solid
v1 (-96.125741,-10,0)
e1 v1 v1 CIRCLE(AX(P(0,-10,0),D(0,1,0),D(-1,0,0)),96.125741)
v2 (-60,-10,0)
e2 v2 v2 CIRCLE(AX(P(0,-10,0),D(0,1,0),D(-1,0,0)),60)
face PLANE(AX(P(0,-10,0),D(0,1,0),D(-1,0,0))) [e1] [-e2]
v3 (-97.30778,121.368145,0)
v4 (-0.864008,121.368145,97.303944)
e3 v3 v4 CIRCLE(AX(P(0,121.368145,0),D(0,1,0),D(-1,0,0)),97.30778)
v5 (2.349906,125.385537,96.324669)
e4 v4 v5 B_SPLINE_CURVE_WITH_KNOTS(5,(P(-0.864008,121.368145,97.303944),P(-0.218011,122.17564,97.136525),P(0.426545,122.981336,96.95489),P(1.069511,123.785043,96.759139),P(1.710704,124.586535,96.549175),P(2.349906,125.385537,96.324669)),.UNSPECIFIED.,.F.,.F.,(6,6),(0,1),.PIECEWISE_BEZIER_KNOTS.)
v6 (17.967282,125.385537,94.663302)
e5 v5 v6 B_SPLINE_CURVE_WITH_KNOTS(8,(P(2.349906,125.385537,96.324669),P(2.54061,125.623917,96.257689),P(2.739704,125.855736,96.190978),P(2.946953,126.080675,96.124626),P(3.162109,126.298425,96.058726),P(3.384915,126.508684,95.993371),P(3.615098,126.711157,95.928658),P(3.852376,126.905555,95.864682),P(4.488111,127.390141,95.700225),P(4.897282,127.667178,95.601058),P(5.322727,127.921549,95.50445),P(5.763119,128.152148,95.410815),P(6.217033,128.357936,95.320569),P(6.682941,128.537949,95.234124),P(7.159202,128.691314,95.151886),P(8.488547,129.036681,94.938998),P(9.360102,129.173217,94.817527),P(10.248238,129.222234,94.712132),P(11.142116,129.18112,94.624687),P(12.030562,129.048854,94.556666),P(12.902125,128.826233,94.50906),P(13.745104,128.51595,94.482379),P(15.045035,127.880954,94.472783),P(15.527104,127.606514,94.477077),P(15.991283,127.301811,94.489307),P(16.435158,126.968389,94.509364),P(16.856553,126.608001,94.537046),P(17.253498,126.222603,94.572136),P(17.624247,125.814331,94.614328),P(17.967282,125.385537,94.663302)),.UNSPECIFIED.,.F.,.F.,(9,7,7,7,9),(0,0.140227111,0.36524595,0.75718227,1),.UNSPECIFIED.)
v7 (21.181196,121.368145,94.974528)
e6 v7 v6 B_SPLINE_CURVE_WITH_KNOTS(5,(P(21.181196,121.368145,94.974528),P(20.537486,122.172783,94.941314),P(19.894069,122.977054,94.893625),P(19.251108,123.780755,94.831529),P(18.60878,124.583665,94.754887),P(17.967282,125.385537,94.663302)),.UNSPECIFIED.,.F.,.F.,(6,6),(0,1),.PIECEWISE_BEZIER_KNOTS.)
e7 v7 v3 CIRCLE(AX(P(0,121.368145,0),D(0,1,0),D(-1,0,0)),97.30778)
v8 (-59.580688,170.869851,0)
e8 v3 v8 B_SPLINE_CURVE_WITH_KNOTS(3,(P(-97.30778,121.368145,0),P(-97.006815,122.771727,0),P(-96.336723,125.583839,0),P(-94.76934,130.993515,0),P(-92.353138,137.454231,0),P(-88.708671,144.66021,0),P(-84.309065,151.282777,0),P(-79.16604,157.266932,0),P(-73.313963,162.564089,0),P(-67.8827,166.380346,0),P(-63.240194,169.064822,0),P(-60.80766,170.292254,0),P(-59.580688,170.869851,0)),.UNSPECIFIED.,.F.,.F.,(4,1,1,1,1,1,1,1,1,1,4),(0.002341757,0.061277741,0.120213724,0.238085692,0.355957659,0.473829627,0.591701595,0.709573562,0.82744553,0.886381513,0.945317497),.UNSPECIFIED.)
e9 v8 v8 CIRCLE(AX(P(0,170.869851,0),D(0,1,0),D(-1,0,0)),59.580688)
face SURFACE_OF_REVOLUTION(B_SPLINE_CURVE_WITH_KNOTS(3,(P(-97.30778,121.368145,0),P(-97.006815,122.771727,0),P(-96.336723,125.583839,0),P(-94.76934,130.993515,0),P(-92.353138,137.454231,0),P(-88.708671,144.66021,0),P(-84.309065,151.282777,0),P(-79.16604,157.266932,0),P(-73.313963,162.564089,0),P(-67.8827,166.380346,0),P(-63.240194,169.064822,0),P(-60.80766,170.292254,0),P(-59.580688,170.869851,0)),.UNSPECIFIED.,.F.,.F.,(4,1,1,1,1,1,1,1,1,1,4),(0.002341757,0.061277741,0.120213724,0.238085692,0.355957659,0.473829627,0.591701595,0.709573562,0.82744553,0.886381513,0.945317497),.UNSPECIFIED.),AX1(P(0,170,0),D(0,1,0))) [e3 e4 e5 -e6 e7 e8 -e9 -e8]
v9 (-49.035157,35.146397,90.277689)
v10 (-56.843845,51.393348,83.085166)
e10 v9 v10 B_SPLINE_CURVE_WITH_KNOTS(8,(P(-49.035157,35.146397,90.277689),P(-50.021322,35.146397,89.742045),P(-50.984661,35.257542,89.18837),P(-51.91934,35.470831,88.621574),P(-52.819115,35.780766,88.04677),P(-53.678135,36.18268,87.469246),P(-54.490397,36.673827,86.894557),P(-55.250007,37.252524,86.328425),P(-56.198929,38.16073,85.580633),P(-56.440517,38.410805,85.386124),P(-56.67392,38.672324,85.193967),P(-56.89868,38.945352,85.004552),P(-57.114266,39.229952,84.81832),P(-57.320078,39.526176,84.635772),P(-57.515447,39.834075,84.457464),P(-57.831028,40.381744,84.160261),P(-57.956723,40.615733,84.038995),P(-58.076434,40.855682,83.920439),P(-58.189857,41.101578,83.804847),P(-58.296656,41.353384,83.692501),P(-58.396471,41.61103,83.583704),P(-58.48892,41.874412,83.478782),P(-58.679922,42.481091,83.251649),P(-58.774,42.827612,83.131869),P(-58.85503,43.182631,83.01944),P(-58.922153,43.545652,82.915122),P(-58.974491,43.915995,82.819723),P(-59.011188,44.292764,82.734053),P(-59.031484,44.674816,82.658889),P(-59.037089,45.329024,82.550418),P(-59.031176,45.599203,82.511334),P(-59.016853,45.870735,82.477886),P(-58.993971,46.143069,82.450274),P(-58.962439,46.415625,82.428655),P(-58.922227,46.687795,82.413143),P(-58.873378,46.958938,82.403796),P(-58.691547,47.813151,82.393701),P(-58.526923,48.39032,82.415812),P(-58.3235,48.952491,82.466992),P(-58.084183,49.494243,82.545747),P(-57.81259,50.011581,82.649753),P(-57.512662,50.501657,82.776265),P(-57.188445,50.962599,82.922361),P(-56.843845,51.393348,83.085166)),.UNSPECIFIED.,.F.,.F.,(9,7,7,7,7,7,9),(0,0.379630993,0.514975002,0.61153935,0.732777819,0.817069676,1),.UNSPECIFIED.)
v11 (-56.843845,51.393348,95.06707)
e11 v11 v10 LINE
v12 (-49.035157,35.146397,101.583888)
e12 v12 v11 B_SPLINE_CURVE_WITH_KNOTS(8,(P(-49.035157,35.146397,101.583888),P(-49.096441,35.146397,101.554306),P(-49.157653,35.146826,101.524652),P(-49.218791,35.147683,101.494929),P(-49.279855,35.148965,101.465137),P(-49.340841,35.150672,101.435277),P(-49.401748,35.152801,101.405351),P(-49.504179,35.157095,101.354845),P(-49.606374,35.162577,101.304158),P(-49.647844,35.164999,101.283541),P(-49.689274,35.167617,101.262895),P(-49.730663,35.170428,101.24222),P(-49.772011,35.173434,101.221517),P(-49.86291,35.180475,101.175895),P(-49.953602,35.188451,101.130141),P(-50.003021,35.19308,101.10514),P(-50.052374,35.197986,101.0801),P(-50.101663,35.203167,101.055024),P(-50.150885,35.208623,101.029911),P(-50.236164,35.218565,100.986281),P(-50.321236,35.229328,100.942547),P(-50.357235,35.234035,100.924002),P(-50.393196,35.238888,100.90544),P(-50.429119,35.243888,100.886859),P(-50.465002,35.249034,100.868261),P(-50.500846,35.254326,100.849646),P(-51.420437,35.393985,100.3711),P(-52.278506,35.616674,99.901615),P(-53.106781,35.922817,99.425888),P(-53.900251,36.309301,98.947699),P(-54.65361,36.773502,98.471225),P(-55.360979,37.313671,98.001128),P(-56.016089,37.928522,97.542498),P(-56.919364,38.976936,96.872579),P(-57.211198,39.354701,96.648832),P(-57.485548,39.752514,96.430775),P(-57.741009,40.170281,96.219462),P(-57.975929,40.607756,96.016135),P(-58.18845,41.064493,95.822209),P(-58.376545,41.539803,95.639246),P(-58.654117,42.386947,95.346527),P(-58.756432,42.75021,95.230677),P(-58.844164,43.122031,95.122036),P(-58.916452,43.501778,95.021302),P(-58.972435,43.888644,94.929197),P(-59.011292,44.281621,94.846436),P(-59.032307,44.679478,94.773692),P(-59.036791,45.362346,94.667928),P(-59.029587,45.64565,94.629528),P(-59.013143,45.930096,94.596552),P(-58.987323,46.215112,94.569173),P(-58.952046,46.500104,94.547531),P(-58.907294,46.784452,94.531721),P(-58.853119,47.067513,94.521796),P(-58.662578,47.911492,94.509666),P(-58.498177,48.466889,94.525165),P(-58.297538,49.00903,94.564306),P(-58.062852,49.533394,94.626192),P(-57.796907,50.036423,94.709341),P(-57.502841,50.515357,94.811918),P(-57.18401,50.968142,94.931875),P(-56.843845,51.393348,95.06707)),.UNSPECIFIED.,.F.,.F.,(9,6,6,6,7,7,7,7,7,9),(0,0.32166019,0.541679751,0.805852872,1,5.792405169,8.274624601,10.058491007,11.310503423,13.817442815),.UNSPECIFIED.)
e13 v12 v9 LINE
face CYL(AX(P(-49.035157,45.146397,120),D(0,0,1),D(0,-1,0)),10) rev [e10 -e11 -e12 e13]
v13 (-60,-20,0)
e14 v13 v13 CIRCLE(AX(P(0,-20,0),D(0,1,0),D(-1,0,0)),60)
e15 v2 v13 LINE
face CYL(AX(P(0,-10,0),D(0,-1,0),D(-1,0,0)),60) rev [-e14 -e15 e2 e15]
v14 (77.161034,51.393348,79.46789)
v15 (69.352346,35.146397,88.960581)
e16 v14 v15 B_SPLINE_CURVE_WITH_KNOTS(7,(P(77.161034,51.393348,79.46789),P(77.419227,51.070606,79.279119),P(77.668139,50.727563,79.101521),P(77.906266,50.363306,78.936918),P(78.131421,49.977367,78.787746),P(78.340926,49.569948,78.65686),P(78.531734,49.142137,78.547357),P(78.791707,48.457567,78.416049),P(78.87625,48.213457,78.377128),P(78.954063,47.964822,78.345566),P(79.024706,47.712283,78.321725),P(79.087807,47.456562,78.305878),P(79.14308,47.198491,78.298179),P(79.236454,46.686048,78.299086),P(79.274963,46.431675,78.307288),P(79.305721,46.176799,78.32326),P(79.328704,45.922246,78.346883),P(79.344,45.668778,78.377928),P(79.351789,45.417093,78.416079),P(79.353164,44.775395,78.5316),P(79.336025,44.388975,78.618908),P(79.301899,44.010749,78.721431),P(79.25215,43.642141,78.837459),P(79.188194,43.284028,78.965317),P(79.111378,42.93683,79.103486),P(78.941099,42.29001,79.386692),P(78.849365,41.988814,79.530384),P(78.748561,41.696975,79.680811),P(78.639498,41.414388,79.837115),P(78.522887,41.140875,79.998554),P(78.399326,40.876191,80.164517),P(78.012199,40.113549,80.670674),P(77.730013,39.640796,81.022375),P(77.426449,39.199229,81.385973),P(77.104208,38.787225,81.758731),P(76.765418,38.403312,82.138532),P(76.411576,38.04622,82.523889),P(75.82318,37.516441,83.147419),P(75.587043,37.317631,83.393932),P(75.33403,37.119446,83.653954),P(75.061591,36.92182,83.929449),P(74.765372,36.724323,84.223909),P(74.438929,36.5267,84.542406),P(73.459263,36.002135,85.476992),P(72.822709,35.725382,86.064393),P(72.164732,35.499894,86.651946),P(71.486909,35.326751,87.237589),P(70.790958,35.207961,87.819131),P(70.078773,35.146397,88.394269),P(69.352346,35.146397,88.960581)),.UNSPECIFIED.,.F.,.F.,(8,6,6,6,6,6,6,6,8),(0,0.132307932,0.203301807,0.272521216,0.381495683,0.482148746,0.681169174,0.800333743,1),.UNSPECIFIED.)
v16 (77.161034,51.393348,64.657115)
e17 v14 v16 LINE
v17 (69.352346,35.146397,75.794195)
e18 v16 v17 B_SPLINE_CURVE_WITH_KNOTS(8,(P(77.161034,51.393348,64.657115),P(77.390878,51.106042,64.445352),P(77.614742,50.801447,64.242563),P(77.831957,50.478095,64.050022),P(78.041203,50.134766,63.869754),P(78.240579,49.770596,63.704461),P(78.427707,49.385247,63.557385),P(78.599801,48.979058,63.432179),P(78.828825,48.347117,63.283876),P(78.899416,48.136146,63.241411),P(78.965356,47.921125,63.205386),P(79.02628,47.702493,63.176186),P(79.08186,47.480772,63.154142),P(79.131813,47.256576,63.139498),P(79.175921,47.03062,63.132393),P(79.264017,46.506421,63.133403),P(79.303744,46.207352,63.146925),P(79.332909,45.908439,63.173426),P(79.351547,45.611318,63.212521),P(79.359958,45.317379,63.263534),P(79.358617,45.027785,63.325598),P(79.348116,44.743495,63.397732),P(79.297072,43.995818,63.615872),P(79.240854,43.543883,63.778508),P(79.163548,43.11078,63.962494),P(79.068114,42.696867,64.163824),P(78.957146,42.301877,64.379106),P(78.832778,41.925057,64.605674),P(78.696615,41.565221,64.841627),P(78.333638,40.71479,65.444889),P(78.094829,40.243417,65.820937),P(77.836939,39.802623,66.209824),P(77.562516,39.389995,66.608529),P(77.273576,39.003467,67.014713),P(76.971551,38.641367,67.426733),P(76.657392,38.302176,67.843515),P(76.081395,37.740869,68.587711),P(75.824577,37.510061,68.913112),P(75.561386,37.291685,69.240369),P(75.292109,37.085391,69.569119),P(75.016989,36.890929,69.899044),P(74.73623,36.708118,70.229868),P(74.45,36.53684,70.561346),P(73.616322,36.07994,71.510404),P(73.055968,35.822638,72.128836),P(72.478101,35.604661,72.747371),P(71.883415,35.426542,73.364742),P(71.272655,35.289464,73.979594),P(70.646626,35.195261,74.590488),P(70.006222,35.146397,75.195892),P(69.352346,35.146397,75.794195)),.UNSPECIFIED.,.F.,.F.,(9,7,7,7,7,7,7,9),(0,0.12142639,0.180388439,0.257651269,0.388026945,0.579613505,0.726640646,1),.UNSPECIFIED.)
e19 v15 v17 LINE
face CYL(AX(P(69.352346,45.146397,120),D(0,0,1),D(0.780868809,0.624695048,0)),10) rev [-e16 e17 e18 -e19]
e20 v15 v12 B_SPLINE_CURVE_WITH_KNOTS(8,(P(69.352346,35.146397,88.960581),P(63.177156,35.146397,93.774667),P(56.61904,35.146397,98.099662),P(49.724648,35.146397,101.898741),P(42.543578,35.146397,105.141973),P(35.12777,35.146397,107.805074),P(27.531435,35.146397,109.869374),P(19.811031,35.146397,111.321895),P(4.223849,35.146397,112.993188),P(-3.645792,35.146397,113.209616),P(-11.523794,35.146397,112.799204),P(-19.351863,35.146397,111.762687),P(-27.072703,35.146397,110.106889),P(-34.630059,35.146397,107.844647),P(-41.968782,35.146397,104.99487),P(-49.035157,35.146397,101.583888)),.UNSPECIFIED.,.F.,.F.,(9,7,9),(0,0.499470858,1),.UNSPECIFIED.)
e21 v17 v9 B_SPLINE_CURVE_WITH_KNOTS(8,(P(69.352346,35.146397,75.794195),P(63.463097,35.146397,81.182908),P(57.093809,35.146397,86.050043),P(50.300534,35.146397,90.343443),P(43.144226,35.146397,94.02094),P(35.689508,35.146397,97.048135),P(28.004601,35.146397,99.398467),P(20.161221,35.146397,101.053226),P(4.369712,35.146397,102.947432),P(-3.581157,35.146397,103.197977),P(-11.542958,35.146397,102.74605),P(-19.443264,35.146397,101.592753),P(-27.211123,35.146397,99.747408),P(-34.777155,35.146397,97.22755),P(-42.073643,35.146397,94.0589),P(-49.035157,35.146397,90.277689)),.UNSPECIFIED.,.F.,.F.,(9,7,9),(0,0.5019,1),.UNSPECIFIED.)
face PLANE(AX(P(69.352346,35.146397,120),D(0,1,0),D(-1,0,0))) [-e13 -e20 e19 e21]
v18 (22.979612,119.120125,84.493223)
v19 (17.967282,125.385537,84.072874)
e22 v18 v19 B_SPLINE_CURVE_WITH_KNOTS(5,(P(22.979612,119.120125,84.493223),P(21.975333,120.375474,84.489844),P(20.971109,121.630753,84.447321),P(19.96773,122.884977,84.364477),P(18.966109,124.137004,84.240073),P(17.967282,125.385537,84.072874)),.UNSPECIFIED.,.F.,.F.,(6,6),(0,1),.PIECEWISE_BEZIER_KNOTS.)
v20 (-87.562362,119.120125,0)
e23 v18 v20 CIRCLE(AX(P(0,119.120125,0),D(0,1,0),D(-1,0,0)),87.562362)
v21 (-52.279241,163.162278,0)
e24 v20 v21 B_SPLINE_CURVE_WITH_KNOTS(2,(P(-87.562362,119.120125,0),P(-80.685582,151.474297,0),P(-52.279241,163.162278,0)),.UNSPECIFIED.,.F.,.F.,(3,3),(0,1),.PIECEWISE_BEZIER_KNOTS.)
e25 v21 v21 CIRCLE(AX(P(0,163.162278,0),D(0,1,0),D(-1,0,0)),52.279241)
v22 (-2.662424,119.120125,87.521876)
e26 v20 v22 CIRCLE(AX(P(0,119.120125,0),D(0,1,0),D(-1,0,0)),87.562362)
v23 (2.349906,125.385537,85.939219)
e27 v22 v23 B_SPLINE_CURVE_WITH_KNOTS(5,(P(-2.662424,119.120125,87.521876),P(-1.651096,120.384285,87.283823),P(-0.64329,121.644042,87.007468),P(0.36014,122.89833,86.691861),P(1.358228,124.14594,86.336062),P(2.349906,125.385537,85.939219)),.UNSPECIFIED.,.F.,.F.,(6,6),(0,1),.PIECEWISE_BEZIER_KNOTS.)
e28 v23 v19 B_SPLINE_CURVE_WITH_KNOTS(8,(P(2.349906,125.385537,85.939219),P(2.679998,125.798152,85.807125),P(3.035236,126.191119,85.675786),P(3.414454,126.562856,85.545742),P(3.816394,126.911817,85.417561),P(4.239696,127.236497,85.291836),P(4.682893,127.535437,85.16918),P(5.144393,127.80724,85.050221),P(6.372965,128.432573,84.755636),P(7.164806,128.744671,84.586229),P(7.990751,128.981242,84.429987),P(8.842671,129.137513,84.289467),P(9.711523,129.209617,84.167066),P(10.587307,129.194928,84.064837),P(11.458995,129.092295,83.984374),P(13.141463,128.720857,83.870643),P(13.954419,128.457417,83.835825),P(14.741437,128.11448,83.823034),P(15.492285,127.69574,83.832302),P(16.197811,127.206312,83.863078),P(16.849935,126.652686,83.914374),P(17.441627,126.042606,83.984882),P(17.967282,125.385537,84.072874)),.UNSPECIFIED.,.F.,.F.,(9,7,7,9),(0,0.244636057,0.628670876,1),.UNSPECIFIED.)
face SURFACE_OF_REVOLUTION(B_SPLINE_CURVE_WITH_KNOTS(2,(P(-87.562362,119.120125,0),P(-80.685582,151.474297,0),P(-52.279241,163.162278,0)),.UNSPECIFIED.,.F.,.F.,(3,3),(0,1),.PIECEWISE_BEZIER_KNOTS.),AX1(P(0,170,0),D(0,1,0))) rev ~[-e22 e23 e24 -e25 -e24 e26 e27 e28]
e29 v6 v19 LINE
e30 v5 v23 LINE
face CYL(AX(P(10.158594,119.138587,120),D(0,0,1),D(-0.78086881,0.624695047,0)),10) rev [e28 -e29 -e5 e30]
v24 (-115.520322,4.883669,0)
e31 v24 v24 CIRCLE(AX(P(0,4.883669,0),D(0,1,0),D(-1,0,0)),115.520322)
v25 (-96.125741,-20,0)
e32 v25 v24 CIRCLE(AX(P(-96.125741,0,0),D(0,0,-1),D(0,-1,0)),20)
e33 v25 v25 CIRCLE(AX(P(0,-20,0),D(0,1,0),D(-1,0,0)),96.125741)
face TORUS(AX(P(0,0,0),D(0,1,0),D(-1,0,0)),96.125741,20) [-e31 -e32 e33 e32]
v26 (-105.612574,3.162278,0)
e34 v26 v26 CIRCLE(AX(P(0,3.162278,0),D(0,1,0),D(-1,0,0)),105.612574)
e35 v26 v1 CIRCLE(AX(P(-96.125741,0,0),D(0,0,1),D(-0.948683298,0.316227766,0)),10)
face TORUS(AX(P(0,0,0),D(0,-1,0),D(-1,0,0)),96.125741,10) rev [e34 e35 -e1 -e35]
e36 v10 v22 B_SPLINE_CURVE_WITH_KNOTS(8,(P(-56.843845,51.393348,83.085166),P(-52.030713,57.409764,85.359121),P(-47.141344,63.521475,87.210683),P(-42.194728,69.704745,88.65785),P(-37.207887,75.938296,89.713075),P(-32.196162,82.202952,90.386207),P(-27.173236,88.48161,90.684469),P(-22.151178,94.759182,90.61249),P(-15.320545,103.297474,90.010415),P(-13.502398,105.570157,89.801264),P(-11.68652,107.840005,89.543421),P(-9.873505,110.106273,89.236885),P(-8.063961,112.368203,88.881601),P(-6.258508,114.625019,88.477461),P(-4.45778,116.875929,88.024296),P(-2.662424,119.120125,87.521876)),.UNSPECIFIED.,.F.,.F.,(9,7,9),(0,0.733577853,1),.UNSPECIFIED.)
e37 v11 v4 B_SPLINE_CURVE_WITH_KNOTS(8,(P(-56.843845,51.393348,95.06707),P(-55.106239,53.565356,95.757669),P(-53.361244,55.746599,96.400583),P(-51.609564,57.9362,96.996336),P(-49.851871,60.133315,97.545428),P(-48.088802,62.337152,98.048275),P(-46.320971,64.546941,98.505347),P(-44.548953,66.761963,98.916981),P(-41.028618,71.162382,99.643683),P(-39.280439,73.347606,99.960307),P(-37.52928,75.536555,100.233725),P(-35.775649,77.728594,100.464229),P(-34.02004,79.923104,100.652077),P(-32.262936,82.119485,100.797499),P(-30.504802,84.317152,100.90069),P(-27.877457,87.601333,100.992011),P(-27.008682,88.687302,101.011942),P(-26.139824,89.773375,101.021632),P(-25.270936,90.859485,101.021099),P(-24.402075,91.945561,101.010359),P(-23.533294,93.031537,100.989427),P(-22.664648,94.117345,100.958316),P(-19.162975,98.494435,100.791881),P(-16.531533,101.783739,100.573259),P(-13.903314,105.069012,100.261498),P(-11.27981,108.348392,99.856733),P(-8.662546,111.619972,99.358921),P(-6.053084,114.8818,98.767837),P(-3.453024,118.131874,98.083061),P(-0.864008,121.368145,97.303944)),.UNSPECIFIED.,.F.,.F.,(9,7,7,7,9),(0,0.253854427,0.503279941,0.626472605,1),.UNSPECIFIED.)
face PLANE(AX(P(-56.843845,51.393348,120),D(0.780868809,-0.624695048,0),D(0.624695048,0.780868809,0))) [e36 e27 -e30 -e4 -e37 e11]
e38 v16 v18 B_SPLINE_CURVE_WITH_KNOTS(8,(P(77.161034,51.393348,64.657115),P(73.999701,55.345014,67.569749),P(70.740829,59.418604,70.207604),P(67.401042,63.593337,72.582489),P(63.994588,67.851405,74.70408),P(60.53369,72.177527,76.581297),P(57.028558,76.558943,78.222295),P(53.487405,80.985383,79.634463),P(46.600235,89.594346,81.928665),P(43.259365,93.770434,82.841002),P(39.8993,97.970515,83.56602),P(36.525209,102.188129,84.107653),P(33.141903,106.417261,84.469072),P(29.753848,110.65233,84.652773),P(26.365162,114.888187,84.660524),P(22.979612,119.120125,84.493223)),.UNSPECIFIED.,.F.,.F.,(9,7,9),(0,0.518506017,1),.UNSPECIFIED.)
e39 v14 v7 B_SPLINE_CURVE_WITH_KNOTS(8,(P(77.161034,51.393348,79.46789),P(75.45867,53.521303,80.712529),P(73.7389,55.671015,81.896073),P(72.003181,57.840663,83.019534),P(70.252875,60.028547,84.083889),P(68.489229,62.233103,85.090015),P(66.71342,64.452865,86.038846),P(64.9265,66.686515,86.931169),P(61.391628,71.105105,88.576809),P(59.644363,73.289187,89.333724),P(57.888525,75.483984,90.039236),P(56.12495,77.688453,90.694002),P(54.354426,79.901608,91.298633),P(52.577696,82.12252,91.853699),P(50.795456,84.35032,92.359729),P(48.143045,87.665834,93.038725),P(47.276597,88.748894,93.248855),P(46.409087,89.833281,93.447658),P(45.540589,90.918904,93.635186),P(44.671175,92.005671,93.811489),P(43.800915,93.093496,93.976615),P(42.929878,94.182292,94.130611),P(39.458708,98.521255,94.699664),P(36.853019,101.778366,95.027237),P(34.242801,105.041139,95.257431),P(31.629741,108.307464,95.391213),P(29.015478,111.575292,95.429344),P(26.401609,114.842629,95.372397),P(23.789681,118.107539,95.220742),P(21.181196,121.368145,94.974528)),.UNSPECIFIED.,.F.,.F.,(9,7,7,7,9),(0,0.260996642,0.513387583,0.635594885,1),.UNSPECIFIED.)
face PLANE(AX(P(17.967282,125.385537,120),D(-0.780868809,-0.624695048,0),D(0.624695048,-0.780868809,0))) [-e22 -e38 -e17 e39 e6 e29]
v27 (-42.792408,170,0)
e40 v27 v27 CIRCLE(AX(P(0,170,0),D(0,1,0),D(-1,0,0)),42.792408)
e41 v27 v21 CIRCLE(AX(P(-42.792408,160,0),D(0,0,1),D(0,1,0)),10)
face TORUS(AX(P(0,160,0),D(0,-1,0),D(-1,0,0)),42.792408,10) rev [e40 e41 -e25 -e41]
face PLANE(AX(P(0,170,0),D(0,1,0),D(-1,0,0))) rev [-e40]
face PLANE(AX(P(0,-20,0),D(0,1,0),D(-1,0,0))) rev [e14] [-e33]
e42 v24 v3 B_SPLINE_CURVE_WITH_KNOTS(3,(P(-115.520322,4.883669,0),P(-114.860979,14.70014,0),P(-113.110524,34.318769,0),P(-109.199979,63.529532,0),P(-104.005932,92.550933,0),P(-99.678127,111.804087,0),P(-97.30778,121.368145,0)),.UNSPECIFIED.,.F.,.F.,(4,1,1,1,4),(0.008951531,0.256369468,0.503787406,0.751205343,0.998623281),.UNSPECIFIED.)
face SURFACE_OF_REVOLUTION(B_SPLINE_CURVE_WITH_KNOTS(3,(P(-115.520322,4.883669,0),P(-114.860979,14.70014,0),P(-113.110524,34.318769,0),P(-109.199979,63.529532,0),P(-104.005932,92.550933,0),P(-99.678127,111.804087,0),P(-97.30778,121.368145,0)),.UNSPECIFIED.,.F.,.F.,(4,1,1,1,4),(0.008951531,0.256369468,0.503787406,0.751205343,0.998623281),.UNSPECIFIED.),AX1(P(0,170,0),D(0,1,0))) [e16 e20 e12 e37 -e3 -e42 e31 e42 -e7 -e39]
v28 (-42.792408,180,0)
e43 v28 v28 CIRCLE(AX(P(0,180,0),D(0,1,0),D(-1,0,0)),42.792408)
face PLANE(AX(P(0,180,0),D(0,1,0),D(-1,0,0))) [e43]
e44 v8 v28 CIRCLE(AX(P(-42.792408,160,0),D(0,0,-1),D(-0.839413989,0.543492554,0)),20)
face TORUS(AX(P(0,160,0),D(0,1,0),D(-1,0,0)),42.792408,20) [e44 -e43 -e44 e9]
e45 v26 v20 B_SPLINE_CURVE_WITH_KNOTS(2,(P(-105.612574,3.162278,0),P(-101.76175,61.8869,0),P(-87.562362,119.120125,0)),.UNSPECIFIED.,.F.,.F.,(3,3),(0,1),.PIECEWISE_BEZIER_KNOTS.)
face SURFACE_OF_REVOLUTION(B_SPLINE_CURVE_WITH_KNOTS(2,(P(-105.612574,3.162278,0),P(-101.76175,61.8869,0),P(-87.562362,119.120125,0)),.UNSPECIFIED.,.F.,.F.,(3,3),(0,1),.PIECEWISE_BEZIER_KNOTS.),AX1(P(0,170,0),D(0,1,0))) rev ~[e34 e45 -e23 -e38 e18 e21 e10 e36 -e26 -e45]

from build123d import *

# Parameters (mm, degrees)
CUT_EXTRUDE1_DEPTH = 90


with BuildPart() as part:
    # Sketch1 → Revolve1 (revolve)
    with BuildSketch(Plane.XY):
        with BuildLine():
            Line((-60, -20), (-96.125741133, -20))
            ThreePointArc((-96.125741133, -20), (-111.90029933, -12.294849071), (-115.520322353, 4.883668631))
            add(Edge.make_bspline(
                [(-115.520322353, 4.883668631), (-114.860979456, 14.70014017), (-113.11052441, 34.318769404), (-109.199978895, 63.5295318), (-104.005931933, 92.550933242), (-99.678127267, 111.804086778), (-97.30777954, 121.368144978)],
                knots=[0.008951531, 0.008951531, 0.008951531, 0.008951531, 0.256369468, 0.503787406, 0.751205343, 0.998623281, 0.998623281, 0.998623281, 0.998623281], degree=3))
            add(Edge.make_bspline(
                [(-97.30777954, 121.368144978), (-97.006815199, 122.771726667), (-96.33672337, 125.583838885), (-94.769340107, 130.993515427), (-92.353138405, 137.454230573), (-88.708671142, 144.660209635), (-84.309064749, 151.282776778), (-79.166039694, 157.266932305), (-73.313963281, 162.564089005), (-67.882699696, 166.380346203), (-63.240194345, 169.064821982), (-60.807660035, 170.292254493), (-59.580687569, 170.869851074)],
                knots=[0.002341757, 0.002341757, 0.002341757, 0.002341757, 0.061277741, 0.120213724, 0.238085692, 0.355957659, 0.473829627, 0.591701595, 0.709573562, 0.82744553, 0.886381513, 0.945317497, 0.945317497, 0.945317497, 0.945317497], degree=3))
            ThreePointArc((-59.580687569, 170.869851074), (-52.347589078, 177.569818176), (-42.792407799, 180))
            Line((-42.792407799, 180), (0, 180))
            Line((0, 180), (0, 170))
            Line((0, 170), (-42.792407799, 170))
            ThreePointArc((-42.792407799, 170), (-48.639510646, 168.112421852), (-52.27924078, 163.16227766))
            add(Edge.make_bspline(
                [(-87.562361975, 119.120125222), (-80.685582133, 151.474296581), (-52.27924078, 163.16227766)],
                knots=[0, 0, 0, 1, 1, 1], degree=2))
            add(Edge.make_bspline(
                [(-105.612574113, 3.16227766), (-101.761749879, 61.886899846), (-87.562361975, 119.120125222)],
                knots=[0, 0, 0, 1, 1, 1], degree=2))
            ThreePointArc((-105.612574113, 3.16227766), (-104.238162985, -5.847102847), (-96.125741133, -10))
            Line((-96.125741133, -10), (-60, -10))
            Line((-60, -10), (-60, -20))
        make_face()
    revolve(axis=Axis((0, 170, 0), (0, 1, 0)))

    # Sketch2 → Cut-Extrude1 (cut)
    with BuildSketch(Plane.XY.offset(120)):
        with BuildLine():
            Line((69.352345674, 35.146397343), (-49.035157376, 35.146397343))
            ThreePointArc((-49.035157376, 35.146397343), (-58.048189739, 40.814510039), (-56.843845471, 51.393347819))
            Line((-56.843845471, 51.393347819), (2.349906054, 125.385537225))
            ThreePointArc((2.349906054, 125.385537225), (10.158594149, 129.13858675), (17.967282243, 125.385537225))
            Line((17.967282243, 125.385537225), (77.161033768, 51.393347819))
            ThreePointArc((77.161033768, 51.393347819), (78.365378037, 40.814510039), (69.352345674, 35.146397343))
        make_face()
    extrude(amount=-CUT_EXTRUDE1_DEPTH, mode=Mode.SUBTRACT)


solid = part.part
